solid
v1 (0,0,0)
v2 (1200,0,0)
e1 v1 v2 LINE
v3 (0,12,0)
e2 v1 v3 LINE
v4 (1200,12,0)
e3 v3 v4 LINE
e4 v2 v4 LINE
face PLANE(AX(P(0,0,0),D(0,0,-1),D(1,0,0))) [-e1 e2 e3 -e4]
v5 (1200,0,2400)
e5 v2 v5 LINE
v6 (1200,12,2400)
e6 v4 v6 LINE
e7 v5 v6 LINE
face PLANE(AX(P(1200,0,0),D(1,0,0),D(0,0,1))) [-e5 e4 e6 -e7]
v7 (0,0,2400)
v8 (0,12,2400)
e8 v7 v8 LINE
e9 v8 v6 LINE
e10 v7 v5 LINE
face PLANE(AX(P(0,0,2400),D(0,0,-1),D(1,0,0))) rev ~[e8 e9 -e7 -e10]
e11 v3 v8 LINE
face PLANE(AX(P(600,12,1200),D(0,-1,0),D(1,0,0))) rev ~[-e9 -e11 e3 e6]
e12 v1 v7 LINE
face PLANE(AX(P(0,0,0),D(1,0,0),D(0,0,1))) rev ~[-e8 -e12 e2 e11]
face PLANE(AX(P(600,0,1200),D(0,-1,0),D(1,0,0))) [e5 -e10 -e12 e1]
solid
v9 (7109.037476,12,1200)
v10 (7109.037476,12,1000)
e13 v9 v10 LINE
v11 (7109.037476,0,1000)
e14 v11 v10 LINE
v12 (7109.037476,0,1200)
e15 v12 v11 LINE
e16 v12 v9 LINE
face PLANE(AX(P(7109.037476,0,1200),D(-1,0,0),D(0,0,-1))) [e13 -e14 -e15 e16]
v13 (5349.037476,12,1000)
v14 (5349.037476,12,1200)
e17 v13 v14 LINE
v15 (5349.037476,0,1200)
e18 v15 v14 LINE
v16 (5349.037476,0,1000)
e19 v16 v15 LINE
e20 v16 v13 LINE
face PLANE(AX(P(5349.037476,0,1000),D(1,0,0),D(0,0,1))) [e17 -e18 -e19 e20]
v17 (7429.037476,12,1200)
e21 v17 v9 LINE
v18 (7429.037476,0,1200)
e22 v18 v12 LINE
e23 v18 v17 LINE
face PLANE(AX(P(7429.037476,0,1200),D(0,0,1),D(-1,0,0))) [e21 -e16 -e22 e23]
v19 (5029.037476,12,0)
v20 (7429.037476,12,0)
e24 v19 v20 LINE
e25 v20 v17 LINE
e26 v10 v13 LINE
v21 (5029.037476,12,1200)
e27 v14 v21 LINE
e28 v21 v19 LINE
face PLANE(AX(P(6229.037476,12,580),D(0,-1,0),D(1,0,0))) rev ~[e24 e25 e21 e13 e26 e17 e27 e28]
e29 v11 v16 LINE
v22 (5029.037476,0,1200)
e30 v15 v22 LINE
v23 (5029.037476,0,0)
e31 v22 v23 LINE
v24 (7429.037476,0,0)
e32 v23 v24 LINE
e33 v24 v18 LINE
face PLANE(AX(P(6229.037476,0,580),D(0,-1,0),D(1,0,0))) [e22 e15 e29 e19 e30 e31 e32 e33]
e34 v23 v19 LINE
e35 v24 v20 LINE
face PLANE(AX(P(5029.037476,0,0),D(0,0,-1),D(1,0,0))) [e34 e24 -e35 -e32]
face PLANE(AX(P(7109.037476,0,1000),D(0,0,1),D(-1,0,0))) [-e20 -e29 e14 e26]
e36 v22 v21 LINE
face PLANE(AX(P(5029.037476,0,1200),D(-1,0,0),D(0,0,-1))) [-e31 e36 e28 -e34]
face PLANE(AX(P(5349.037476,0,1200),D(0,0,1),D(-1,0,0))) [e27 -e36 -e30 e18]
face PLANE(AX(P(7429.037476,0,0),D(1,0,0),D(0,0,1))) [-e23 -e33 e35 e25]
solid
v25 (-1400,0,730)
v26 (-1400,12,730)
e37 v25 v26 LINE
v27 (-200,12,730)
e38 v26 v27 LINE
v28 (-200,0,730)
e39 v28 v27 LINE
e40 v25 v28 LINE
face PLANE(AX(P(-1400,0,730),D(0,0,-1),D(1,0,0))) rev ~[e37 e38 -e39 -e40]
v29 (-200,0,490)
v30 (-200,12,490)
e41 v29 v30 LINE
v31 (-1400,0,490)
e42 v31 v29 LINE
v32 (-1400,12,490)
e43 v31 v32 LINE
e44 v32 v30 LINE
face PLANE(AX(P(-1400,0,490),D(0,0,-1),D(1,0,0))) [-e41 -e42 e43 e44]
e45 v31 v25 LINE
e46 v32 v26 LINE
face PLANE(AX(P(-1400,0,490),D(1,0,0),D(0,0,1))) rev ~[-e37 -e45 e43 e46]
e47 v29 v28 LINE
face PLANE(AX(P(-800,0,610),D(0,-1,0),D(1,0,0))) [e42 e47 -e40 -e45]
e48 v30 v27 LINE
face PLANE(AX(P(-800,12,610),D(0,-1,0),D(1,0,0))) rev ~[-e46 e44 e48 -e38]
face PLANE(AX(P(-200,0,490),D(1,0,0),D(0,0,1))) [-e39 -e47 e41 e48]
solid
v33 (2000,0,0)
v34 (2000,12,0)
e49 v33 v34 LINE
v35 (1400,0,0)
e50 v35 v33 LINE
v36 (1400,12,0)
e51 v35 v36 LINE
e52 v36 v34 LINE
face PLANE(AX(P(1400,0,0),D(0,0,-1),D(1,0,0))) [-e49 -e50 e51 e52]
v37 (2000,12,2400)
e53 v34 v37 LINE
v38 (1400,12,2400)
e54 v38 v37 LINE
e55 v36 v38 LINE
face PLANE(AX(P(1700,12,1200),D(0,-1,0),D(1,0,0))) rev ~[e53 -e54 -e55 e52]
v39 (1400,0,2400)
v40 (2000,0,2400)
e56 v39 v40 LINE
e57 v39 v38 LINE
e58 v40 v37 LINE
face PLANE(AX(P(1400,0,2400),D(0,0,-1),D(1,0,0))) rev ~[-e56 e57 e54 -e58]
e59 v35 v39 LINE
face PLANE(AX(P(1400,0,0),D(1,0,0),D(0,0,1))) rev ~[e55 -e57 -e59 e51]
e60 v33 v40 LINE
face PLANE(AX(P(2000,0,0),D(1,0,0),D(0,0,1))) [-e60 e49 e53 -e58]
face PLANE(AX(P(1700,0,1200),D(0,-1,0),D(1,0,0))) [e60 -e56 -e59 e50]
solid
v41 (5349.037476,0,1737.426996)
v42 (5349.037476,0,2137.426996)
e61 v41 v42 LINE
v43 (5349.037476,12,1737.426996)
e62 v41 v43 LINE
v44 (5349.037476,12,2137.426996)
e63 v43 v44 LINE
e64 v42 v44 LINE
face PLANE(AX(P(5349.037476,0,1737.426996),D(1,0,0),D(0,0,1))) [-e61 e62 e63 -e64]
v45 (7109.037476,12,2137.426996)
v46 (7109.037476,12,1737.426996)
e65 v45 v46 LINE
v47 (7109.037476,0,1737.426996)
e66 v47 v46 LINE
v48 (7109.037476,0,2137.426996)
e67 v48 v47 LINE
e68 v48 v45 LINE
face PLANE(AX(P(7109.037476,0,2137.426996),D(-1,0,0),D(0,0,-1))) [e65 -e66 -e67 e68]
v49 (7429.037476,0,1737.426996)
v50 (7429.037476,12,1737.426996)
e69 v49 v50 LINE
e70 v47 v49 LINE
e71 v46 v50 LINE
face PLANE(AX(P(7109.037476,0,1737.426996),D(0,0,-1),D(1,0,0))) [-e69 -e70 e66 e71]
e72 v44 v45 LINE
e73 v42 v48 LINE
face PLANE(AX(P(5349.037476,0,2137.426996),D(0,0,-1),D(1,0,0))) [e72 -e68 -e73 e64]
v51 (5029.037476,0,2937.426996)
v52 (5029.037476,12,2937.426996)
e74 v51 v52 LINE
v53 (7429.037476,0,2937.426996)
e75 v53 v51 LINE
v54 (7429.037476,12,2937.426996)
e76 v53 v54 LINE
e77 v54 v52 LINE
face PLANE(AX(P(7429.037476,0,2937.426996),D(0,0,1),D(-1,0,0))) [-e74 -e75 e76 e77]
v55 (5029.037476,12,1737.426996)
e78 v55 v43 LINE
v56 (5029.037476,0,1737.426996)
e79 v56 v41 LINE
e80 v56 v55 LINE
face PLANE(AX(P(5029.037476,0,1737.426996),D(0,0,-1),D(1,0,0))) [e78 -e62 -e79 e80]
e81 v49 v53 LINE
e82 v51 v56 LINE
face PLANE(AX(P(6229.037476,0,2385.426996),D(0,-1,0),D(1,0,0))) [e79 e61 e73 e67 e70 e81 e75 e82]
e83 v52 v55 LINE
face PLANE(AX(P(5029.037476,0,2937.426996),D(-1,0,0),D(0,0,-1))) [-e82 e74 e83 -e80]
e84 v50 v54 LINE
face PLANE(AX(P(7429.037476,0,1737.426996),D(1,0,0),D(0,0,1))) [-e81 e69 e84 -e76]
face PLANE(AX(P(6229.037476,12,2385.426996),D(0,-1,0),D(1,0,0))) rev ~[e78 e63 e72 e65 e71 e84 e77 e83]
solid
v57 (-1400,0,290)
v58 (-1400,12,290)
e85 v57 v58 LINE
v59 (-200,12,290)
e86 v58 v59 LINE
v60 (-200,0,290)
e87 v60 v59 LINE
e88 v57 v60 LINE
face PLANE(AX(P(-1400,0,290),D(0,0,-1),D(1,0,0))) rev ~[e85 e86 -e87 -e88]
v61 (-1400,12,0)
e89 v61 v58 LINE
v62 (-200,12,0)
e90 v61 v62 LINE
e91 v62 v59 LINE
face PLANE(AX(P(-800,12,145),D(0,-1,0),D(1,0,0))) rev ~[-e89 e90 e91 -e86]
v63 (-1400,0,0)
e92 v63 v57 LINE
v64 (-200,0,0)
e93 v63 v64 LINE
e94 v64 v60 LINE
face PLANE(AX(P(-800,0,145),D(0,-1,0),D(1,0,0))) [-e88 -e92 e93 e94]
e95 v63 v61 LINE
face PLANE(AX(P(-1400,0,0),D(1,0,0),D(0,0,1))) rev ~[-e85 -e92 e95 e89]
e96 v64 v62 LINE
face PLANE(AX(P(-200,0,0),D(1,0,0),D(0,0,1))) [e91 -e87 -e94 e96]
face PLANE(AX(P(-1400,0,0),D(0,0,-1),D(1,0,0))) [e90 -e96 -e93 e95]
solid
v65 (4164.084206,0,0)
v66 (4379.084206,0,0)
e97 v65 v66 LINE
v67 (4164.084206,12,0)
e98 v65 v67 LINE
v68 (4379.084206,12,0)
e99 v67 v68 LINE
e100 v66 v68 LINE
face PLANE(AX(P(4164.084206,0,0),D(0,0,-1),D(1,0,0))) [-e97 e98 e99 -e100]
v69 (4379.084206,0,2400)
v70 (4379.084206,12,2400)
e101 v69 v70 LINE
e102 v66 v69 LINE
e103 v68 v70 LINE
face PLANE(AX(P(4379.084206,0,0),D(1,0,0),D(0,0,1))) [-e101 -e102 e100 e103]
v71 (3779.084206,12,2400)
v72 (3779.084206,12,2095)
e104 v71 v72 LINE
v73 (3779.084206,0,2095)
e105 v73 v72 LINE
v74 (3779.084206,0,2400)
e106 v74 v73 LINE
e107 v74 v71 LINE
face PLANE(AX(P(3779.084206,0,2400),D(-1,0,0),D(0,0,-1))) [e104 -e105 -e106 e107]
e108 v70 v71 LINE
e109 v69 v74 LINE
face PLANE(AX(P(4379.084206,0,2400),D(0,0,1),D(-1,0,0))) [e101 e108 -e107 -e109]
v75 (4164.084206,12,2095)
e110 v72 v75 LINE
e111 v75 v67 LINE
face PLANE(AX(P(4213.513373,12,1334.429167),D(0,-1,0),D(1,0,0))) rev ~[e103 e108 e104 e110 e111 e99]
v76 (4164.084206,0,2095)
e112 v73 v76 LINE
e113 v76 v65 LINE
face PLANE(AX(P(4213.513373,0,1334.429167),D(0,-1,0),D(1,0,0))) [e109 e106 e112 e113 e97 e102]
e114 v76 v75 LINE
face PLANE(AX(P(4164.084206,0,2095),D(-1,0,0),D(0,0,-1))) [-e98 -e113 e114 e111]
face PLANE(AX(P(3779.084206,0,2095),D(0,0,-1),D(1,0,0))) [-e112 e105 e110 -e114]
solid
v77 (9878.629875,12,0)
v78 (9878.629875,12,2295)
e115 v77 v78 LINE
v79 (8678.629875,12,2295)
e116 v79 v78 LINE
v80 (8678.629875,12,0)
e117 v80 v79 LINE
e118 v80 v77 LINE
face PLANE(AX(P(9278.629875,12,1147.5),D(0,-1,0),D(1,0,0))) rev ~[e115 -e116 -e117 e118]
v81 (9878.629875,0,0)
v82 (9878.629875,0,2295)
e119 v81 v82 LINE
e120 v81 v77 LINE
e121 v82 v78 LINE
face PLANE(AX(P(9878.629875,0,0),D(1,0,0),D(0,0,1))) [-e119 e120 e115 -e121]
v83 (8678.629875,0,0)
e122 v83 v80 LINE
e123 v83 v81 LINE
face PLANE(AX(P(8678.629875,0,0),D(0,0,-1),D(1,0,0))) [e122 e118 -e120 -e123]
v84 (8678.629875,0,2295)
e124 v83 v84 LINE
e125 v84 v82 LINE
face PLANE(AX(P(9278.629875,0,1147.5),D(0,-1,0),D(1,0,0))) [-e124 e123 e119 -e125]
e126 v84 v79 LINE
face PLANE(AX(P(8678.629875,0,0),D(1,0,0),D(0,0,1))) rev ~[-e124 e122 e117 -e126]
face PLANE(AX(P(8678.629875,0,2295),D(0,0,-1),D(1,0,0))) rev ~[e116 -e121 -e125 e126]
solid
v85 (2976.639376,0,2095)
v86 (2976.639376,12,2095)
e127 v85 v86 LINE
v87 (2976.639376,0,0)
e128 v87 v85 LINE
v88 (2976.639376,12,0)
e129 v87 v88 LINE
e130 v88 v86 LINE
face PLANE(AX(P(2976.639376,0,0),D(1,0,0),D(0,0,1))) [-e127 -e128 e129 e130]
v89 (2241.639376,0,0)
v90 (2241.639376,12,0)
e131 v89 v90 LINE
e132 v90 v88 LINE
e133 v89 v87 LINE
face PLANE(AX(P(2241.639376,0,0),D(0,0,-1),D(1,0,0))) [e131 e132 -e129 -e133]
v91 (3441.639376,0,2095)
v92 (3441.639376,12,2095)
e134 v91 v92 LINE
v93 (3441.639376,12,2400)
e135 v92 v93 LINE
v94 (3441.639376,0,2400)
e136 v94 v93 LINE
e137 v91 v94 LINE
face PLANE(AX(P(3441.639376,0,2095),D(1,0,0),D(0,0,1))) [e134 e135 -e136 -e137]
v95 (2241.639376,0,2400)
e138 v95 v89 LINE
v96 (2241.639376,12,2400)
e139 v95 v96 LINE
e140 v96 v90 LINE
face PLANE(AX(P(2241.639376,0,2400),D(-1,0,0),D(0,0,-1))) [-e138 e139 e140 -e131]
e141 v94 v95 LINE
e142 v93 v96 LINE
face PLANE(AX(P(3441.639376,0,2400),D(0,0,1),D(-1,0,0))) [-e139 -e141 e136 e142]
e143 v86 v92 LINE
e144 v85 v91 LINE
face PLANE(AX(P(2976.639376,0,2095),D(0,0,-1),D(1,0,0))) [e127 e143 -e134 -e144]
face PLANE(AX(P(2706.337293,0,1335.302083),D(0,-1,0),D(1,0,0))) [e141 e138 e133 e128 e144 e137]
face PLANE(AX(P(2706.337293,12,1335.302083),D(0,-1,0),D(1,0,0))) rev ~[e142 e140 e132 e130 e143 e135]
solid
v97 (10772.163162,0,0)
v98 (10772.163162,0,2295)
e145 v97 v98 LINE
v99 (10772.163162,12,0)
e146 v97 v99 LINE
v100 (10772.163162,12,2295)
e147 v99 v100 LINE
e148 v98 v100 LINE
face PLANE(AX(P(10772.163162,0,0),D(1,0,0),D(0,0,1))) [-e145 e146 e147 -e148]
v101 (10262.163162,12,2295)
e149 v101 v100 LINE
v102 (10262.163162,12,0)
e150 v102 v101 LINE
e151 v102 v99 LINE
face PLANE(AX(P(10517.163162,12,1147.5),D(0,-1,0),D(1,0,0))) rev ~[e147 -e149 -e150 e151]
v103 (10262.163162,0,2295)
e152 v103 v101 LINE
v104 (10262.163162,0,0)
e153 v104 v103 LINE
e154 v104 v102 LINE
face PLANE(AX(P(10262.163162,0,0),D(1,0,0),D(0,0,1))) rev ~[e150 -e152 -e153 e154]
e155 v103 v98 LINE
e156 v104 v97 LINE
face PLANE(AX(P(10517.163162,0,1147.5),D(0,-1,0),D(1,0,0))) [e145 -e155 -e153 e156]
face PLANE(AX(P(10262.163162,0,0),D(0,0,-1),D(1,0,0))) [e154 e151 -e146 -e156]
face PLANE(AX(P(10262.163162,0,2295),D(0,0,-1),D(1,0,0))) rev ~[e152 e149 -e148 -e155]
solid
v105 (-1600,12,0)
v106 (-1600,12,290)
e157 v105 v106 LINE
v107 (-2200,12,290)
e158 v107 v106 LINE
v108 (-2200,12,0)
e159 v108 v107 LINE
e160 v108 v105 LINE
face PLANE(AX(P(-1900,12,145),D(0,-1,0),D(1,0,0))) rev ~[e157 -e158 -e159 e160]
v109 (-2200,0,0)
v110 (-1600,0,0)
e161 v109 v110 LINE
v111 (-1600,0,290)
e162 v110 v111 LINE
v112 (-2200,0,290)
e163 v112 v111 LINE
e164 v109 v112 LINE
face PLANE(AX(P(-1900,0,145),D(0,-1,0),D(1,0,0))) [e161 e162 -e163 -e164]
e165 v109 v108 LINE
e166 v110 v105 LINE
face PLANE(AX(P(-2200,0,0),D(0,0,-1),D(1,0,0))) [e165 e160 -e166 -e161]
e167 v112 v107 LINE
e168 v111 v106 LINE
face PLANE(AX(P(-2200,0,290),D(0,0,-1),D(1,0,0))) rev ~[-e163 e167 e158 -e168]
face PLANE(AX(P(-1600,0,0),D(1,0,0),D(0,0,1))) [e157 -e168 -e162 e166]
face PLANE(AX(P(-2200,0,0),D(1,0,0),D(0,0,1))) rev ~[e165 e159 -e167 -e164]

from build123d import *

# Parameters (mm, degrees)
F0_W     = 1200
F0_H     = 2400
F0_W_2   = 600
F0_H_2   = 2295
F0_W_3   = 510
F0_H_3   = 290
F0_H_4   = 240
F1_DEPTH = 12


with BuildPart() as f1:
    # F0 (on Front) → F1 (new body)
    with BuildSketch(Plane.XZ):
        with Locations((600, 1200)):
            Rectangle(F0_W, F0_H)
        with Locations((1700, 1200)):
            Rectangle(F0_W_2, F0_H)
        Polygon((2241.639376, 2400), (2241.639376, 0), (2976.639376, 0), (2976.639376, 2095), (3441.639376, 2095), (3441.639376, 2400), align=None)
        Polygon((4164.084206, 2095), (4164.084206, 0), (4379.084206, 0), (4379.084206, 2400), (3779.084206, 2400), (3779.084206, 2095), align=None)
        Polygon((5029.037476, 1200), (5029.037476, 0), (7429.037476, 0), (7429.037476, 1200), (7109.037476, 1200), (7109.037476, 1000), (5349.037476, 1000), (5349.037476, 1200), align=None)
        Polygon((5029.037476, 2937.426996), (5029.037476, 1737.426996), (5349.037476, 1737.426996), (5349.037476, 2137.426996), (7109.037476, 2137.426996), (7109.037476, 1737.426996), (7429.037476, 1737.426996), (7429.037476, 2937.426996), align=None)
        with Locations((9278.629875, 1147.5)):
            Rectangle(F0_W, F0_H_2)
        with Locations((10517.163162, 1147.5)):
            Rectangle(F0_W_3, F0_H_2)
        with Locations((-800, 145)):
            Rectangle(F0_W, F0_H_3)
        with Locations((-1900, 145)):
            Rectangle(F0_W_2, F0_H_3)
        with Locations((-800, 610)):
            Rectangle(F0_W, F0_H_4)
    extrude(amount=-F1_DEPTH)


solid = f1.part
